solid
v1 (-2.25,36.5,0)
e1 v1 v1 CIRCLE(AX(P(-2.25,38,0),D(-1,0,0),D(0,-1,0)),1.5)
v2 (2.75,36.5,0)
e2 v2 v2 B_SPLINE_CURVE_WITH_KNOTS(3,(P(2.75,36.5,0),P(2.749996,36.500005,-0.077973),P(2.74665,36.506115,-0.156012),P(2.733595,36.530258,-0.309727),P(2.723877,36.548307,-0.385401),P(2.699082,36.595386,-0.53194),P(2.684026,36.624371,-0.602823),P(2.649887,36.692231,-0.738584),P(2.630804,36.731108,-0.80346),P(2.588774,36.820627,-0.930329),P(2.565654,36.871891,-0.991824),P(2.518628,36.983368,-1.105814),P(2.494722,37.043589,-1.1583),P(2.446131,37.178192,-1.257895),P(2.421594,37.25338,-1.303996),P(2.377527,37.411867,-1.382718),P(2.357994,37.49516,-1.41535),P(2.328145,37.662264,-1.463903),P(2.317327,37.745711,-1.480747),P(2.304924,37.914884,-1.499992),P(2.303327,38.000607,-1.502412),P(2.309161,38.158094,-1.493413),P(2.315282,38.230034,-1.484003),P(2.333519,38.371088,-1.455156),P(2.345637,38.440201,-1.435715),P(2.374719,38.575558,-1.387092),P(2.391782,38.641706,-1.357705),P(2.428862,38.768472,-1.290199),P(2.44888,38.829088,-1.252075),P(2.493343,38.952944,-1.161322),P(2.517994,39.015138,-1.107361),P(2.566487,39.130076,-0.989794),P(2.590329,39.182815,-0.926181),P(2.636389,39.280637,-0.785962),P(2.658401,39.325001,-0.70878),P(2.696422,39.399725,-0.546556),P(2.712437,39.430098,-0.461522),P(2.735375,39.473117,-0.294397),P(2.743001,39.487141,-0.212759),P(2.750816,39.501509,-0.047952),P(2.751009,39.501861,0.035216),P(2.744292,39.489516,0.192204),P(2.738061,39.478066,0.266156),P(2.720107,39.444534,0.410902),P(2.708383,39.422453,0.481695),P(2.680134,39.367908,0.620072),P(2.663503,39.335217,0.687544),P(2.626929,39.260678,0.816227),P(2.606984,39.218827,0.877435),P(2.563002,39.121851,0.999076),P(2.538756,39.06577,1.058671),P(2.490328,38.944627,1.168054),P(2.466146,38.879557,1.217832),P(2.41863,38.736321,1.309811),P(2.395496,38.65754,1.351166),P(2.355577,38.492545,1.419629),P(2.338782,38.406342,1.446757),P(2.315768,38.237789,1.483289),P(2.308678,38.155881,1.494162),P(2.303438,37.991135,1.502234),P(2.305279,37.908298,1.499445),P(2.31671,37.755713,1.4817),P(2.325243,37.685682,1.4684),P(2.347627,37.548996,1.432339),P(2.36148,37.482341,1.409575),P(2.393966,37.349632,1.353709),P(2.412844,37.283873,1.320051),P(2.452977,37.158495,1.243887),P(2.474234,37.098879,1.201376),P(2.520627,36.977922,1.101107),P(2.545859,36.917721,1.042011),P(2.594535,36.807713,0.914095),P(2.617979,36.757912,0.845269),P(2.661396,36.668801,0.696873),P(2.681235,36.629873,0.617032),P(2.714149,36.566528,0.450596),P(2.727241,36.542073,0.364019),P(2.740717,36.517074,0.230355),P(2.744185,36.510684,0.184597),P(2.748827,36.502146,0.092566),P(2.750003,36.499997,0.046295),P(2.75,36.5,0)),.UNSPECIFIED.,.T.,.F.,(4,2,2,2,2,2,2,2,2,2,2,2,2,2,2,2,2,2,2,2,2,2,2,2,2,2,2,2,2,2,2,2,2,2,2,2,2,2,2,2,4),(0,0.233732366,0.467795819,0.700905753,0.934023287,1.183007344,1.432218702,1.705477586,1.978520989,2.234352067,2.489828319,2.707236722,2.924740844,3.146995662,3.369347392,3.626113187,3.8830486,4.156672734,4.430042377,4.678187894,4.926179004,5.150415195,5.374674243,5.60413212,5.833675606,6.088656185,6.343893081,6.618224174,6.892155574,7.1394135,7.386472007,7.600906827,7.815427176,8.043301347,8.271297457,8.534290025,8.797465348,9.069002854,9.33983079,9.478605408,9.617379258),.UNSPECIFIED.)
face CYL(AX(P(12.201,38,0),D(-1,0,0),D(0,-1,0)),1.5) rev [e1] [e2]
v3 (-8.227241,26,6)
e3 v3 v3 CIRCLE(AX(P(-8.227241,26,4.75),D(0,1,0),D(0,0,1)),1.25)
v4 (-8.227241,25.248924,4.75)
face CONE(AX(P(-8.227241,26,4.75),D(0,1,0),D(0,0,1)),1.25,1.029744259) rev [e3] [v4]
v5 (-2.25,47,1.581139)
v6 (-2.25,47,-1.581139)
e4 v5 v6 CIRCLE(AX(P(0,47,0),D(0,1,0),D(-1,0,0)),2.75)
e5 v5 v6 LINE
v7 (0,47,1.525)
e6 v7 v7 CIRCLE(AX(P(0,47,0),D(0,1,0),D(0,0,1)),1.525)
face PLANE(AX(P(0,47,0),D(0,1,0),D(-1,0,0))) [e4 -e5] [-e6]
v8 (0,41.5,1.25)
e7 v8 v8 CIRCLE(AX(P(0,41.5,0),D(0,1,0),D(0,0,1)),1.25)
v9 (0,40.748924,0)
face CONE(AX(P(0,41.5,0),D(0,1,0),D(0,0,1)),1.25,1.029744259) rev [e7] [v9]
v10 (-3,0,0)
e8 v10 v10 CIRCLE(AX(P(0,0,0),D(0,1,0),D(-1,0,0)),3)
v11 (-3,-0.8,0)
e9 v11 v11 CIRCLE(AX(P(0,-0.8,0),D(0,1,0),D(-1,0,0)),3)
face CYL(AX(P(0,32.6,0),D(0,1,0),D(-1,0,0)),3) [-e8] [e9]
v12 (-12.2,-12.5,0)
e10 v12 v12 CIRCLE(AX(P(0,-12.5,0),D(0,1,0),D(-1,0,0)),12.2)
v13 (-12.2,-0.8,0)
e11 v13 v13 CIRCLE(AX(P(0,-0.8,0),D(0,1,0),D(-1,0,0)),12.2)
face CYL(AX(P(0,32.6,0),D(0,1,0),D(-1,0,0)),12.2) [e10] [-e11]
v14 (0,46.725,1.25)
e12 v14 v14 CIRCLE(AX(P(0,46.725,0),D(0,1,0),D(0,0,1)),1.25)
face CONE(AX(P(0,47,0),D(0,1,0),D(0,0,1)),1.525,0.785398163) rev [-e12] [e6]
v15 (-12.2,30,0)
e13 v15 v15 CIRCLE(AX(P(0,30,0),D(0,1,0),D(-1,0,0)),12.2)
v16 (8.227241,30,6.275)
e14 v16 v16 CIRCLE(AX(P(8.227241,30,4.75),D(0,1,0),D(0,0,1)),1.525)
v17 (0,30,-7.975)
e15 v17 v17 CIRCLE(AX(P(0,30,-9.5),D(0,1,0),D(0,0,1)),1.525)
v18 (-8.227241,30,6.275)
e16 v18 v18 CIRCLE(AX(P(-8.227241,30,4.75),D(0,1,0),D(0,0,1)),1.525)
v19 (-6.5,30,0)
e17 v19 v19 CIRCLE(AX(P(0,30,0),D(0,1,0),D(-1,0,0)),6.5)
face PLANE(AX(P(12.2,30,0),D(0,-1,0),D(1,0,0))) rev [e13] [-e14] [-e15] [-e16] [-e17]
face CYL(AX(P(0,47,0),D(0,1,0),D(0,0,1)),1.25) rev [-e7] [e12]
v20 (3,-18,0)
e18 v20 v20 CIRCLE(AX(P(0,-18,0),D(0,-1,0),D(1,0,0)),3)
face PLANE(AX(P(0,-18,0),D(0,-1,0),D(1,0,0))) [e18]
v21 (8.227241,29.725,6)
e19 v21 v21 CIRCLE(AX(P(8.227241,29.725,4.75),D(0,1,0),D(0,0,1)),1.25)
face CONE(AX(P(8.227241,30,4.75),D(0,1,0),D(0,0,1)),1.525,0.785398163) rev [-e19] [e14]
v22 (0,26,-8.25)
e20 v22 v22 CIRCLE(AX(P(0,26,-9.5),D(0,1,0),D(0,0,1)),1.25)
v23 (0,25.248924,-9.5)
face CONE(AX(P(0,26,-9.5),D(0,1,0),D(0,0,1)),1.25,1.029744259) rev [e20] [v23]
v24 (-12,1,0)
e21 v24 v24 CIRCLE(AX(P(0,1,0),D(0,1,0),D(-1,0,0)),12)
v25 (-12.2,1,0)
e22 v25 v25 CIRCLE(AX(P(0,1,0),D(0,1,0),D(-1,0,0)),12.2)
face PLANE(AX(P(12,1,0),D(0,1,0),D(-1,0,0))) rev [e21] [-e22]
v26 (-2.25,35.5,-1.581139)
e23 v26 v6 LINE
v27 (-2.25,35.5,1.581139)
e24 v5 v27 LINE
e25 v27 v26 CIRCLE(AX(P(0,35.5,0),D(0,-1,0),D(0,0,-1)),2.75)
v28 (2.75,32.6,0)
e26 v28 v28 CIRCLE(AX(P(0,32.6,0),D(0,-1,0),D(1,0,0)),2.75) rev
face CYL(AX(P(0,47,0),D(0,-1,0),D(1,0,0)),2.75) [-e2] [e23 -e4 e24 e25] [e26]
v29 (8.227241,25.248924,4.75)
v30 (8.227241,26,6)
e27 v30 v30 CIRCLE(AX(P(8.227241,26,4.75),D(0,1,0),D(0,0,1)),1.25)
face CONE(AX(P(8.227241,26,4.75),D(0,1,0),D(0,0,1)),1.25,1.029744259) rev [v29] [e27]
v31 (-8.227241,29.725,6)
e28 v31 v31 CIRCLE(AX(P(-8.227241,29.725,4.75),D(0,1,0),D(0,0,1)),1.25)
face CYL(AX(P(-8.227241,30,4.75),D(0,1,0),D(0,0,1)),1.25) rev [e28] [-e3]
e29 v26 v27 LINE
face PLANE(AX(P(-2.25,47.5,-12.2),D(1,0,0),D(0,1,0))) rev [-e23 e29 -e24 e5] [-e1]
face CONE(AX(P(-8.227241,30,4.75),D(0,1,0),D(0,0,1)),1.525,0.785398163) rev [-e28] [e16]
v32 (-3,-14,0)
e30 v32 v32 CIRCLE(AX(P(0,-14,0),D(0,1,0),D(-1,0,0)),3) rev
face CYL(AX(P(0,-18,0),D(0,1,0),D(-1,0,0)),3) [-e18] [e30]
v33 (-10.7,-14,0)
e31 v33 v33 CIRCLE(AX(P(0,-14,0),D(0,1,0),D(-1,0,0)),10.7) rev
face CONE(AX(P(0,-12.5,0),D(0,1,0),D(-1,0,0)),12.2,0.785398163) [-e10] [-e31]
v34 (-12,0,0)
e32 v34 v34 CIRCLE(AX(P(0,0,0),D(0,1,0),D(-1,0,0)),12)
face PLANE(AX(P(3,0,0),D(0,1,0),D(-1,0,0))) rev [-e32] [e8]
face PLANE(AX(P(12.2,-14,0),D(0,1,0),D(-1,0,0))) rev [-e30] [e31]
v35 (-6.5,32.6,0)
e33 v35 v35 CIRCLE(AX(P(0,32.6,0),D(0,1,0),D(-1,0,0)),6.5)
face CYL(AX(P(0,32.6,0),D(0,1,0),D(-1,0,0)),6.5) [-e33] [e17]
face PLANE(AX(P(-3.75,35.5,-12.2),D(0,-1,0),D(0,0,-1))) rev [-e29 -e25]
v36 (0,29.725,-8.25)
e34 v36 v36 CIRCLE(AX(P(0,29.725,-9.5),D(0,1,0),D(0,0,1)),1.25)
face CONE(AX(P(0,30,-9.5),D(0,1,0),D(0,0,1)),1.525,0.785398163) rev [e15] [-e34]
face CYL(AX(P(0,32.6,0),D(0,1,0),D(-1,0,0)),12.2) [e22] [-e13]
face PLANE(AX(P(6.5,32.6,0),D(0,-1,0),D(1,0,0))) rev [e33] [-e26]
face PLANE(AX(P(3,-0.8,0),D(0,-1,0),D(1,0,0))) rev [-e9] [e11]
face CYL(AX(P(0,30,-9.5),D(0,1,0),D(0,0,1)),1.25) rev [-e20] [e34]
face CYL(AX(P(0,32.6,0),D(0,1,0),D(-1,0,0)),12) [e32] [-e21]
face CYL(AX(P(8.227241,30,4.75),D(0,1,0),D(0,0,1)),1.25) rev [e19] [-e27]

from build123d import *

# Parameters (mm, degrees)
SKETCH_2_R                   = 2.75
EXTRUDE_1_DEPTH              = 14.4
CUT_EXTRUDE_1_DEPTH          = 51.066755437
CUT_EXTRUDE_1_DEPTH_BACK     = 51.066755437
SKETCH_3_W                   = 1.5
SKETCH_3_H                   = 12
CUT_EXTRUDE_2_REACH          = 52.662
CUT_EXTRUDE_2_END_RADIUS     = 2.75
SKETCH_4_R                   = 1.5
HOLE_WIZARD_M3_1_D           = 2.5
HOLE_WIZARD_M3_1_DEPTH       = 5.5
HOLE_WIZARD_M3_1_CSINK_D     = 3.05
HOLE_WIZARD_M3_1_CSINK_ANGLE = 90
HOLE_WIZARD_M3_1_TIP         = 0.751075774
HOLE_WIZARD_M3_2_D           = 2.5
HOLE_WIZARD_M3_2_DEPTH       = 4
HOLE_WIZARD_M3_2_CSINK_D     = 3.05
HOLE_WIZARD_M3_2_CSINK_ANGLE = 90
HOLE_WIZARD_M3_2_TIP         = 0.751075774
CHAMFER_1_SIZE               = 1.5
SKETCH_9_R                   = 3
EXTRUDE_2_DEPTH              = 4


with BuildPart() as part:
    # 草图1 → 旋转1 (revolve)
    with BuildSketch(Plane.XY, mode=Mode.PRIVATE) as revolve_1_sk:
        Polygon((3, 0), (12, 0), (12, 1), (12.2, 1), (12.2, 30), (6.5, 30), (6.5, 32.6), (0, 32.6), (0, -14), (12.2, -14), (12.2, -0.8), (3, -0.8), align=None)
    revolve(revolve_1_sk.sketch.rotate(Axis((0, 32.6, 0), (0, -1, 0)), 180), axis=Axis((0, 32.6, 0), (0, -1, 0)))

    # 草图2 → 凸台-拉伸1 (add)
    with BuildSketch(Plane(origin=(0, 32.6, 0), x_dir=(1, 0, 0), z_dir=(0, 1, 0))):
        Circle(SKETCH_2_R)
    extrude(amount=EXTRUDE_1_DEPTH)

    # 草图3 → 切除-拉伸1 (cut, two sides: drawn at the far end of the back side and taken through both)
    with BuildSketch(Plane.XY.offset(-CUT_EXTRUDE_1_DEPTH_BACK)):
        with Locations((-3, 41.5)):
            Rectangle(SKETCH_3_W, SKETCH_3_H)
    extrude(amount=CUT_EXTRUDE_1_DEPTH + CUT_EXTRUDE_1_DEPTH_BACK, mode=Mode.SUBTRACT)

    # 切除-拉伸2: up to this cylinder (the profile starts inside it)
    cut_extrude_2_end = Plane(origin=(0, 38, 0), z_dir=(0, -1, 0)) * Cylinder(CUT_EXTRUDE_2_END_RADIUS, 111.824, mode=Mode.PRIVATE)
    # 草图4 → 切除-拉伸2 (cut, up to the surface)
    with BuildSketch(Plane.ZY.offset(2.25), mode=Mode.PRIVATE) as cut_extrude_2_sk1:
        with Locations(Location((0, 38, 0), (0, 0, 270))):
            Circle(SKETCH_4_R)
    cut_extrude_2_tool1 = extrude(cut_extrude_2_sk1.sketch, amount=-CUT_EXTRUDE_2_REACH, mode=Mode.PRIVATE) & cut_extrude_2_end
    add(cut_extrude_2_tool1.solids().sort_by_distance((-2.25, 38, 0))[0], mode=Mode.SUBTRACT)

    # M3 螺纹孔1
    with Locations(Plane(origin=(0, 47, 0), x_dir=(1, 0, 0), z_dir=(0, 1, 0))):
        with Locations((0, 0)):
            CounterSinkHole(HOLE_WIZARD_M3_1_D / 2, HOLE_WIZARD_M3_1_CSINK_D / 2, depth=HOLE_WIZARD_M3_1_DEPTH, counter_sink_angle=HOLE_WIZARD_M3_1_CSINK_ANGLE)
            with Locations((0, 0, -(HOLE_WIZARD_M3_1_DEPTH + HOLE_WIZARD_M3_1_TIP / 2))):  # 118° drill point
                Cone(0, HOLE_WIZARD_M3_1_D / 2, HOLE_WIZARD_M3_1_TIP, mode=Mode.SUBTRACT)

    # M3 螺纹孔2
    with Locations(Plane(origin=(8.227241336, 30, 4.75), x_dir=(1, 0, 0), z_dir=(0, 1, 0))):
        with Locations((0, 0), (-16.454482672, 0), (-8.227241336, 14.25)):
            CounterSinkHole(HOLE_WIZARD_M3_2_D / 2, HOLE_WIZARD_M3_2_CSINK_D / 2, depth=HOLE_WIZARD_M3_2_DEPTH, counter_sink_angle=HOLE_WIZARD_M3_2_CSINK_ANGLE)
            with Locations((0, 0, -(HOLE_WIZARD_M3_2_DEPTH + HOLE_WIZARD_M3_2_TIP / 2))):  # 118° drill point
                Cone(0, HOLE_WIZARD_M3_2_D / 2, HOLE_WIZARD_M3_2_TIP, mode=Mode.SUBTRACT)

    # 倒角1
    chamfer_1_edges = [part.edges().sort_by_distance(p)[0] for p in [
        (12.2, -14, 0),
    ]]
    chamfer(chamfer_1_edges, length=CHAMFER_1_SIZE)

    # 草图9 → 凸台-拉伸2 (add)
    with BuildSketch(Plane.XZ.offset(14)):
        with Locations(Location((0, 0, 0), (0, 0, 180))):
            Circle(SKETCH_9_R)
    extrude(amount=EXTRUDE_2_DEPTH)


solid = part.part
